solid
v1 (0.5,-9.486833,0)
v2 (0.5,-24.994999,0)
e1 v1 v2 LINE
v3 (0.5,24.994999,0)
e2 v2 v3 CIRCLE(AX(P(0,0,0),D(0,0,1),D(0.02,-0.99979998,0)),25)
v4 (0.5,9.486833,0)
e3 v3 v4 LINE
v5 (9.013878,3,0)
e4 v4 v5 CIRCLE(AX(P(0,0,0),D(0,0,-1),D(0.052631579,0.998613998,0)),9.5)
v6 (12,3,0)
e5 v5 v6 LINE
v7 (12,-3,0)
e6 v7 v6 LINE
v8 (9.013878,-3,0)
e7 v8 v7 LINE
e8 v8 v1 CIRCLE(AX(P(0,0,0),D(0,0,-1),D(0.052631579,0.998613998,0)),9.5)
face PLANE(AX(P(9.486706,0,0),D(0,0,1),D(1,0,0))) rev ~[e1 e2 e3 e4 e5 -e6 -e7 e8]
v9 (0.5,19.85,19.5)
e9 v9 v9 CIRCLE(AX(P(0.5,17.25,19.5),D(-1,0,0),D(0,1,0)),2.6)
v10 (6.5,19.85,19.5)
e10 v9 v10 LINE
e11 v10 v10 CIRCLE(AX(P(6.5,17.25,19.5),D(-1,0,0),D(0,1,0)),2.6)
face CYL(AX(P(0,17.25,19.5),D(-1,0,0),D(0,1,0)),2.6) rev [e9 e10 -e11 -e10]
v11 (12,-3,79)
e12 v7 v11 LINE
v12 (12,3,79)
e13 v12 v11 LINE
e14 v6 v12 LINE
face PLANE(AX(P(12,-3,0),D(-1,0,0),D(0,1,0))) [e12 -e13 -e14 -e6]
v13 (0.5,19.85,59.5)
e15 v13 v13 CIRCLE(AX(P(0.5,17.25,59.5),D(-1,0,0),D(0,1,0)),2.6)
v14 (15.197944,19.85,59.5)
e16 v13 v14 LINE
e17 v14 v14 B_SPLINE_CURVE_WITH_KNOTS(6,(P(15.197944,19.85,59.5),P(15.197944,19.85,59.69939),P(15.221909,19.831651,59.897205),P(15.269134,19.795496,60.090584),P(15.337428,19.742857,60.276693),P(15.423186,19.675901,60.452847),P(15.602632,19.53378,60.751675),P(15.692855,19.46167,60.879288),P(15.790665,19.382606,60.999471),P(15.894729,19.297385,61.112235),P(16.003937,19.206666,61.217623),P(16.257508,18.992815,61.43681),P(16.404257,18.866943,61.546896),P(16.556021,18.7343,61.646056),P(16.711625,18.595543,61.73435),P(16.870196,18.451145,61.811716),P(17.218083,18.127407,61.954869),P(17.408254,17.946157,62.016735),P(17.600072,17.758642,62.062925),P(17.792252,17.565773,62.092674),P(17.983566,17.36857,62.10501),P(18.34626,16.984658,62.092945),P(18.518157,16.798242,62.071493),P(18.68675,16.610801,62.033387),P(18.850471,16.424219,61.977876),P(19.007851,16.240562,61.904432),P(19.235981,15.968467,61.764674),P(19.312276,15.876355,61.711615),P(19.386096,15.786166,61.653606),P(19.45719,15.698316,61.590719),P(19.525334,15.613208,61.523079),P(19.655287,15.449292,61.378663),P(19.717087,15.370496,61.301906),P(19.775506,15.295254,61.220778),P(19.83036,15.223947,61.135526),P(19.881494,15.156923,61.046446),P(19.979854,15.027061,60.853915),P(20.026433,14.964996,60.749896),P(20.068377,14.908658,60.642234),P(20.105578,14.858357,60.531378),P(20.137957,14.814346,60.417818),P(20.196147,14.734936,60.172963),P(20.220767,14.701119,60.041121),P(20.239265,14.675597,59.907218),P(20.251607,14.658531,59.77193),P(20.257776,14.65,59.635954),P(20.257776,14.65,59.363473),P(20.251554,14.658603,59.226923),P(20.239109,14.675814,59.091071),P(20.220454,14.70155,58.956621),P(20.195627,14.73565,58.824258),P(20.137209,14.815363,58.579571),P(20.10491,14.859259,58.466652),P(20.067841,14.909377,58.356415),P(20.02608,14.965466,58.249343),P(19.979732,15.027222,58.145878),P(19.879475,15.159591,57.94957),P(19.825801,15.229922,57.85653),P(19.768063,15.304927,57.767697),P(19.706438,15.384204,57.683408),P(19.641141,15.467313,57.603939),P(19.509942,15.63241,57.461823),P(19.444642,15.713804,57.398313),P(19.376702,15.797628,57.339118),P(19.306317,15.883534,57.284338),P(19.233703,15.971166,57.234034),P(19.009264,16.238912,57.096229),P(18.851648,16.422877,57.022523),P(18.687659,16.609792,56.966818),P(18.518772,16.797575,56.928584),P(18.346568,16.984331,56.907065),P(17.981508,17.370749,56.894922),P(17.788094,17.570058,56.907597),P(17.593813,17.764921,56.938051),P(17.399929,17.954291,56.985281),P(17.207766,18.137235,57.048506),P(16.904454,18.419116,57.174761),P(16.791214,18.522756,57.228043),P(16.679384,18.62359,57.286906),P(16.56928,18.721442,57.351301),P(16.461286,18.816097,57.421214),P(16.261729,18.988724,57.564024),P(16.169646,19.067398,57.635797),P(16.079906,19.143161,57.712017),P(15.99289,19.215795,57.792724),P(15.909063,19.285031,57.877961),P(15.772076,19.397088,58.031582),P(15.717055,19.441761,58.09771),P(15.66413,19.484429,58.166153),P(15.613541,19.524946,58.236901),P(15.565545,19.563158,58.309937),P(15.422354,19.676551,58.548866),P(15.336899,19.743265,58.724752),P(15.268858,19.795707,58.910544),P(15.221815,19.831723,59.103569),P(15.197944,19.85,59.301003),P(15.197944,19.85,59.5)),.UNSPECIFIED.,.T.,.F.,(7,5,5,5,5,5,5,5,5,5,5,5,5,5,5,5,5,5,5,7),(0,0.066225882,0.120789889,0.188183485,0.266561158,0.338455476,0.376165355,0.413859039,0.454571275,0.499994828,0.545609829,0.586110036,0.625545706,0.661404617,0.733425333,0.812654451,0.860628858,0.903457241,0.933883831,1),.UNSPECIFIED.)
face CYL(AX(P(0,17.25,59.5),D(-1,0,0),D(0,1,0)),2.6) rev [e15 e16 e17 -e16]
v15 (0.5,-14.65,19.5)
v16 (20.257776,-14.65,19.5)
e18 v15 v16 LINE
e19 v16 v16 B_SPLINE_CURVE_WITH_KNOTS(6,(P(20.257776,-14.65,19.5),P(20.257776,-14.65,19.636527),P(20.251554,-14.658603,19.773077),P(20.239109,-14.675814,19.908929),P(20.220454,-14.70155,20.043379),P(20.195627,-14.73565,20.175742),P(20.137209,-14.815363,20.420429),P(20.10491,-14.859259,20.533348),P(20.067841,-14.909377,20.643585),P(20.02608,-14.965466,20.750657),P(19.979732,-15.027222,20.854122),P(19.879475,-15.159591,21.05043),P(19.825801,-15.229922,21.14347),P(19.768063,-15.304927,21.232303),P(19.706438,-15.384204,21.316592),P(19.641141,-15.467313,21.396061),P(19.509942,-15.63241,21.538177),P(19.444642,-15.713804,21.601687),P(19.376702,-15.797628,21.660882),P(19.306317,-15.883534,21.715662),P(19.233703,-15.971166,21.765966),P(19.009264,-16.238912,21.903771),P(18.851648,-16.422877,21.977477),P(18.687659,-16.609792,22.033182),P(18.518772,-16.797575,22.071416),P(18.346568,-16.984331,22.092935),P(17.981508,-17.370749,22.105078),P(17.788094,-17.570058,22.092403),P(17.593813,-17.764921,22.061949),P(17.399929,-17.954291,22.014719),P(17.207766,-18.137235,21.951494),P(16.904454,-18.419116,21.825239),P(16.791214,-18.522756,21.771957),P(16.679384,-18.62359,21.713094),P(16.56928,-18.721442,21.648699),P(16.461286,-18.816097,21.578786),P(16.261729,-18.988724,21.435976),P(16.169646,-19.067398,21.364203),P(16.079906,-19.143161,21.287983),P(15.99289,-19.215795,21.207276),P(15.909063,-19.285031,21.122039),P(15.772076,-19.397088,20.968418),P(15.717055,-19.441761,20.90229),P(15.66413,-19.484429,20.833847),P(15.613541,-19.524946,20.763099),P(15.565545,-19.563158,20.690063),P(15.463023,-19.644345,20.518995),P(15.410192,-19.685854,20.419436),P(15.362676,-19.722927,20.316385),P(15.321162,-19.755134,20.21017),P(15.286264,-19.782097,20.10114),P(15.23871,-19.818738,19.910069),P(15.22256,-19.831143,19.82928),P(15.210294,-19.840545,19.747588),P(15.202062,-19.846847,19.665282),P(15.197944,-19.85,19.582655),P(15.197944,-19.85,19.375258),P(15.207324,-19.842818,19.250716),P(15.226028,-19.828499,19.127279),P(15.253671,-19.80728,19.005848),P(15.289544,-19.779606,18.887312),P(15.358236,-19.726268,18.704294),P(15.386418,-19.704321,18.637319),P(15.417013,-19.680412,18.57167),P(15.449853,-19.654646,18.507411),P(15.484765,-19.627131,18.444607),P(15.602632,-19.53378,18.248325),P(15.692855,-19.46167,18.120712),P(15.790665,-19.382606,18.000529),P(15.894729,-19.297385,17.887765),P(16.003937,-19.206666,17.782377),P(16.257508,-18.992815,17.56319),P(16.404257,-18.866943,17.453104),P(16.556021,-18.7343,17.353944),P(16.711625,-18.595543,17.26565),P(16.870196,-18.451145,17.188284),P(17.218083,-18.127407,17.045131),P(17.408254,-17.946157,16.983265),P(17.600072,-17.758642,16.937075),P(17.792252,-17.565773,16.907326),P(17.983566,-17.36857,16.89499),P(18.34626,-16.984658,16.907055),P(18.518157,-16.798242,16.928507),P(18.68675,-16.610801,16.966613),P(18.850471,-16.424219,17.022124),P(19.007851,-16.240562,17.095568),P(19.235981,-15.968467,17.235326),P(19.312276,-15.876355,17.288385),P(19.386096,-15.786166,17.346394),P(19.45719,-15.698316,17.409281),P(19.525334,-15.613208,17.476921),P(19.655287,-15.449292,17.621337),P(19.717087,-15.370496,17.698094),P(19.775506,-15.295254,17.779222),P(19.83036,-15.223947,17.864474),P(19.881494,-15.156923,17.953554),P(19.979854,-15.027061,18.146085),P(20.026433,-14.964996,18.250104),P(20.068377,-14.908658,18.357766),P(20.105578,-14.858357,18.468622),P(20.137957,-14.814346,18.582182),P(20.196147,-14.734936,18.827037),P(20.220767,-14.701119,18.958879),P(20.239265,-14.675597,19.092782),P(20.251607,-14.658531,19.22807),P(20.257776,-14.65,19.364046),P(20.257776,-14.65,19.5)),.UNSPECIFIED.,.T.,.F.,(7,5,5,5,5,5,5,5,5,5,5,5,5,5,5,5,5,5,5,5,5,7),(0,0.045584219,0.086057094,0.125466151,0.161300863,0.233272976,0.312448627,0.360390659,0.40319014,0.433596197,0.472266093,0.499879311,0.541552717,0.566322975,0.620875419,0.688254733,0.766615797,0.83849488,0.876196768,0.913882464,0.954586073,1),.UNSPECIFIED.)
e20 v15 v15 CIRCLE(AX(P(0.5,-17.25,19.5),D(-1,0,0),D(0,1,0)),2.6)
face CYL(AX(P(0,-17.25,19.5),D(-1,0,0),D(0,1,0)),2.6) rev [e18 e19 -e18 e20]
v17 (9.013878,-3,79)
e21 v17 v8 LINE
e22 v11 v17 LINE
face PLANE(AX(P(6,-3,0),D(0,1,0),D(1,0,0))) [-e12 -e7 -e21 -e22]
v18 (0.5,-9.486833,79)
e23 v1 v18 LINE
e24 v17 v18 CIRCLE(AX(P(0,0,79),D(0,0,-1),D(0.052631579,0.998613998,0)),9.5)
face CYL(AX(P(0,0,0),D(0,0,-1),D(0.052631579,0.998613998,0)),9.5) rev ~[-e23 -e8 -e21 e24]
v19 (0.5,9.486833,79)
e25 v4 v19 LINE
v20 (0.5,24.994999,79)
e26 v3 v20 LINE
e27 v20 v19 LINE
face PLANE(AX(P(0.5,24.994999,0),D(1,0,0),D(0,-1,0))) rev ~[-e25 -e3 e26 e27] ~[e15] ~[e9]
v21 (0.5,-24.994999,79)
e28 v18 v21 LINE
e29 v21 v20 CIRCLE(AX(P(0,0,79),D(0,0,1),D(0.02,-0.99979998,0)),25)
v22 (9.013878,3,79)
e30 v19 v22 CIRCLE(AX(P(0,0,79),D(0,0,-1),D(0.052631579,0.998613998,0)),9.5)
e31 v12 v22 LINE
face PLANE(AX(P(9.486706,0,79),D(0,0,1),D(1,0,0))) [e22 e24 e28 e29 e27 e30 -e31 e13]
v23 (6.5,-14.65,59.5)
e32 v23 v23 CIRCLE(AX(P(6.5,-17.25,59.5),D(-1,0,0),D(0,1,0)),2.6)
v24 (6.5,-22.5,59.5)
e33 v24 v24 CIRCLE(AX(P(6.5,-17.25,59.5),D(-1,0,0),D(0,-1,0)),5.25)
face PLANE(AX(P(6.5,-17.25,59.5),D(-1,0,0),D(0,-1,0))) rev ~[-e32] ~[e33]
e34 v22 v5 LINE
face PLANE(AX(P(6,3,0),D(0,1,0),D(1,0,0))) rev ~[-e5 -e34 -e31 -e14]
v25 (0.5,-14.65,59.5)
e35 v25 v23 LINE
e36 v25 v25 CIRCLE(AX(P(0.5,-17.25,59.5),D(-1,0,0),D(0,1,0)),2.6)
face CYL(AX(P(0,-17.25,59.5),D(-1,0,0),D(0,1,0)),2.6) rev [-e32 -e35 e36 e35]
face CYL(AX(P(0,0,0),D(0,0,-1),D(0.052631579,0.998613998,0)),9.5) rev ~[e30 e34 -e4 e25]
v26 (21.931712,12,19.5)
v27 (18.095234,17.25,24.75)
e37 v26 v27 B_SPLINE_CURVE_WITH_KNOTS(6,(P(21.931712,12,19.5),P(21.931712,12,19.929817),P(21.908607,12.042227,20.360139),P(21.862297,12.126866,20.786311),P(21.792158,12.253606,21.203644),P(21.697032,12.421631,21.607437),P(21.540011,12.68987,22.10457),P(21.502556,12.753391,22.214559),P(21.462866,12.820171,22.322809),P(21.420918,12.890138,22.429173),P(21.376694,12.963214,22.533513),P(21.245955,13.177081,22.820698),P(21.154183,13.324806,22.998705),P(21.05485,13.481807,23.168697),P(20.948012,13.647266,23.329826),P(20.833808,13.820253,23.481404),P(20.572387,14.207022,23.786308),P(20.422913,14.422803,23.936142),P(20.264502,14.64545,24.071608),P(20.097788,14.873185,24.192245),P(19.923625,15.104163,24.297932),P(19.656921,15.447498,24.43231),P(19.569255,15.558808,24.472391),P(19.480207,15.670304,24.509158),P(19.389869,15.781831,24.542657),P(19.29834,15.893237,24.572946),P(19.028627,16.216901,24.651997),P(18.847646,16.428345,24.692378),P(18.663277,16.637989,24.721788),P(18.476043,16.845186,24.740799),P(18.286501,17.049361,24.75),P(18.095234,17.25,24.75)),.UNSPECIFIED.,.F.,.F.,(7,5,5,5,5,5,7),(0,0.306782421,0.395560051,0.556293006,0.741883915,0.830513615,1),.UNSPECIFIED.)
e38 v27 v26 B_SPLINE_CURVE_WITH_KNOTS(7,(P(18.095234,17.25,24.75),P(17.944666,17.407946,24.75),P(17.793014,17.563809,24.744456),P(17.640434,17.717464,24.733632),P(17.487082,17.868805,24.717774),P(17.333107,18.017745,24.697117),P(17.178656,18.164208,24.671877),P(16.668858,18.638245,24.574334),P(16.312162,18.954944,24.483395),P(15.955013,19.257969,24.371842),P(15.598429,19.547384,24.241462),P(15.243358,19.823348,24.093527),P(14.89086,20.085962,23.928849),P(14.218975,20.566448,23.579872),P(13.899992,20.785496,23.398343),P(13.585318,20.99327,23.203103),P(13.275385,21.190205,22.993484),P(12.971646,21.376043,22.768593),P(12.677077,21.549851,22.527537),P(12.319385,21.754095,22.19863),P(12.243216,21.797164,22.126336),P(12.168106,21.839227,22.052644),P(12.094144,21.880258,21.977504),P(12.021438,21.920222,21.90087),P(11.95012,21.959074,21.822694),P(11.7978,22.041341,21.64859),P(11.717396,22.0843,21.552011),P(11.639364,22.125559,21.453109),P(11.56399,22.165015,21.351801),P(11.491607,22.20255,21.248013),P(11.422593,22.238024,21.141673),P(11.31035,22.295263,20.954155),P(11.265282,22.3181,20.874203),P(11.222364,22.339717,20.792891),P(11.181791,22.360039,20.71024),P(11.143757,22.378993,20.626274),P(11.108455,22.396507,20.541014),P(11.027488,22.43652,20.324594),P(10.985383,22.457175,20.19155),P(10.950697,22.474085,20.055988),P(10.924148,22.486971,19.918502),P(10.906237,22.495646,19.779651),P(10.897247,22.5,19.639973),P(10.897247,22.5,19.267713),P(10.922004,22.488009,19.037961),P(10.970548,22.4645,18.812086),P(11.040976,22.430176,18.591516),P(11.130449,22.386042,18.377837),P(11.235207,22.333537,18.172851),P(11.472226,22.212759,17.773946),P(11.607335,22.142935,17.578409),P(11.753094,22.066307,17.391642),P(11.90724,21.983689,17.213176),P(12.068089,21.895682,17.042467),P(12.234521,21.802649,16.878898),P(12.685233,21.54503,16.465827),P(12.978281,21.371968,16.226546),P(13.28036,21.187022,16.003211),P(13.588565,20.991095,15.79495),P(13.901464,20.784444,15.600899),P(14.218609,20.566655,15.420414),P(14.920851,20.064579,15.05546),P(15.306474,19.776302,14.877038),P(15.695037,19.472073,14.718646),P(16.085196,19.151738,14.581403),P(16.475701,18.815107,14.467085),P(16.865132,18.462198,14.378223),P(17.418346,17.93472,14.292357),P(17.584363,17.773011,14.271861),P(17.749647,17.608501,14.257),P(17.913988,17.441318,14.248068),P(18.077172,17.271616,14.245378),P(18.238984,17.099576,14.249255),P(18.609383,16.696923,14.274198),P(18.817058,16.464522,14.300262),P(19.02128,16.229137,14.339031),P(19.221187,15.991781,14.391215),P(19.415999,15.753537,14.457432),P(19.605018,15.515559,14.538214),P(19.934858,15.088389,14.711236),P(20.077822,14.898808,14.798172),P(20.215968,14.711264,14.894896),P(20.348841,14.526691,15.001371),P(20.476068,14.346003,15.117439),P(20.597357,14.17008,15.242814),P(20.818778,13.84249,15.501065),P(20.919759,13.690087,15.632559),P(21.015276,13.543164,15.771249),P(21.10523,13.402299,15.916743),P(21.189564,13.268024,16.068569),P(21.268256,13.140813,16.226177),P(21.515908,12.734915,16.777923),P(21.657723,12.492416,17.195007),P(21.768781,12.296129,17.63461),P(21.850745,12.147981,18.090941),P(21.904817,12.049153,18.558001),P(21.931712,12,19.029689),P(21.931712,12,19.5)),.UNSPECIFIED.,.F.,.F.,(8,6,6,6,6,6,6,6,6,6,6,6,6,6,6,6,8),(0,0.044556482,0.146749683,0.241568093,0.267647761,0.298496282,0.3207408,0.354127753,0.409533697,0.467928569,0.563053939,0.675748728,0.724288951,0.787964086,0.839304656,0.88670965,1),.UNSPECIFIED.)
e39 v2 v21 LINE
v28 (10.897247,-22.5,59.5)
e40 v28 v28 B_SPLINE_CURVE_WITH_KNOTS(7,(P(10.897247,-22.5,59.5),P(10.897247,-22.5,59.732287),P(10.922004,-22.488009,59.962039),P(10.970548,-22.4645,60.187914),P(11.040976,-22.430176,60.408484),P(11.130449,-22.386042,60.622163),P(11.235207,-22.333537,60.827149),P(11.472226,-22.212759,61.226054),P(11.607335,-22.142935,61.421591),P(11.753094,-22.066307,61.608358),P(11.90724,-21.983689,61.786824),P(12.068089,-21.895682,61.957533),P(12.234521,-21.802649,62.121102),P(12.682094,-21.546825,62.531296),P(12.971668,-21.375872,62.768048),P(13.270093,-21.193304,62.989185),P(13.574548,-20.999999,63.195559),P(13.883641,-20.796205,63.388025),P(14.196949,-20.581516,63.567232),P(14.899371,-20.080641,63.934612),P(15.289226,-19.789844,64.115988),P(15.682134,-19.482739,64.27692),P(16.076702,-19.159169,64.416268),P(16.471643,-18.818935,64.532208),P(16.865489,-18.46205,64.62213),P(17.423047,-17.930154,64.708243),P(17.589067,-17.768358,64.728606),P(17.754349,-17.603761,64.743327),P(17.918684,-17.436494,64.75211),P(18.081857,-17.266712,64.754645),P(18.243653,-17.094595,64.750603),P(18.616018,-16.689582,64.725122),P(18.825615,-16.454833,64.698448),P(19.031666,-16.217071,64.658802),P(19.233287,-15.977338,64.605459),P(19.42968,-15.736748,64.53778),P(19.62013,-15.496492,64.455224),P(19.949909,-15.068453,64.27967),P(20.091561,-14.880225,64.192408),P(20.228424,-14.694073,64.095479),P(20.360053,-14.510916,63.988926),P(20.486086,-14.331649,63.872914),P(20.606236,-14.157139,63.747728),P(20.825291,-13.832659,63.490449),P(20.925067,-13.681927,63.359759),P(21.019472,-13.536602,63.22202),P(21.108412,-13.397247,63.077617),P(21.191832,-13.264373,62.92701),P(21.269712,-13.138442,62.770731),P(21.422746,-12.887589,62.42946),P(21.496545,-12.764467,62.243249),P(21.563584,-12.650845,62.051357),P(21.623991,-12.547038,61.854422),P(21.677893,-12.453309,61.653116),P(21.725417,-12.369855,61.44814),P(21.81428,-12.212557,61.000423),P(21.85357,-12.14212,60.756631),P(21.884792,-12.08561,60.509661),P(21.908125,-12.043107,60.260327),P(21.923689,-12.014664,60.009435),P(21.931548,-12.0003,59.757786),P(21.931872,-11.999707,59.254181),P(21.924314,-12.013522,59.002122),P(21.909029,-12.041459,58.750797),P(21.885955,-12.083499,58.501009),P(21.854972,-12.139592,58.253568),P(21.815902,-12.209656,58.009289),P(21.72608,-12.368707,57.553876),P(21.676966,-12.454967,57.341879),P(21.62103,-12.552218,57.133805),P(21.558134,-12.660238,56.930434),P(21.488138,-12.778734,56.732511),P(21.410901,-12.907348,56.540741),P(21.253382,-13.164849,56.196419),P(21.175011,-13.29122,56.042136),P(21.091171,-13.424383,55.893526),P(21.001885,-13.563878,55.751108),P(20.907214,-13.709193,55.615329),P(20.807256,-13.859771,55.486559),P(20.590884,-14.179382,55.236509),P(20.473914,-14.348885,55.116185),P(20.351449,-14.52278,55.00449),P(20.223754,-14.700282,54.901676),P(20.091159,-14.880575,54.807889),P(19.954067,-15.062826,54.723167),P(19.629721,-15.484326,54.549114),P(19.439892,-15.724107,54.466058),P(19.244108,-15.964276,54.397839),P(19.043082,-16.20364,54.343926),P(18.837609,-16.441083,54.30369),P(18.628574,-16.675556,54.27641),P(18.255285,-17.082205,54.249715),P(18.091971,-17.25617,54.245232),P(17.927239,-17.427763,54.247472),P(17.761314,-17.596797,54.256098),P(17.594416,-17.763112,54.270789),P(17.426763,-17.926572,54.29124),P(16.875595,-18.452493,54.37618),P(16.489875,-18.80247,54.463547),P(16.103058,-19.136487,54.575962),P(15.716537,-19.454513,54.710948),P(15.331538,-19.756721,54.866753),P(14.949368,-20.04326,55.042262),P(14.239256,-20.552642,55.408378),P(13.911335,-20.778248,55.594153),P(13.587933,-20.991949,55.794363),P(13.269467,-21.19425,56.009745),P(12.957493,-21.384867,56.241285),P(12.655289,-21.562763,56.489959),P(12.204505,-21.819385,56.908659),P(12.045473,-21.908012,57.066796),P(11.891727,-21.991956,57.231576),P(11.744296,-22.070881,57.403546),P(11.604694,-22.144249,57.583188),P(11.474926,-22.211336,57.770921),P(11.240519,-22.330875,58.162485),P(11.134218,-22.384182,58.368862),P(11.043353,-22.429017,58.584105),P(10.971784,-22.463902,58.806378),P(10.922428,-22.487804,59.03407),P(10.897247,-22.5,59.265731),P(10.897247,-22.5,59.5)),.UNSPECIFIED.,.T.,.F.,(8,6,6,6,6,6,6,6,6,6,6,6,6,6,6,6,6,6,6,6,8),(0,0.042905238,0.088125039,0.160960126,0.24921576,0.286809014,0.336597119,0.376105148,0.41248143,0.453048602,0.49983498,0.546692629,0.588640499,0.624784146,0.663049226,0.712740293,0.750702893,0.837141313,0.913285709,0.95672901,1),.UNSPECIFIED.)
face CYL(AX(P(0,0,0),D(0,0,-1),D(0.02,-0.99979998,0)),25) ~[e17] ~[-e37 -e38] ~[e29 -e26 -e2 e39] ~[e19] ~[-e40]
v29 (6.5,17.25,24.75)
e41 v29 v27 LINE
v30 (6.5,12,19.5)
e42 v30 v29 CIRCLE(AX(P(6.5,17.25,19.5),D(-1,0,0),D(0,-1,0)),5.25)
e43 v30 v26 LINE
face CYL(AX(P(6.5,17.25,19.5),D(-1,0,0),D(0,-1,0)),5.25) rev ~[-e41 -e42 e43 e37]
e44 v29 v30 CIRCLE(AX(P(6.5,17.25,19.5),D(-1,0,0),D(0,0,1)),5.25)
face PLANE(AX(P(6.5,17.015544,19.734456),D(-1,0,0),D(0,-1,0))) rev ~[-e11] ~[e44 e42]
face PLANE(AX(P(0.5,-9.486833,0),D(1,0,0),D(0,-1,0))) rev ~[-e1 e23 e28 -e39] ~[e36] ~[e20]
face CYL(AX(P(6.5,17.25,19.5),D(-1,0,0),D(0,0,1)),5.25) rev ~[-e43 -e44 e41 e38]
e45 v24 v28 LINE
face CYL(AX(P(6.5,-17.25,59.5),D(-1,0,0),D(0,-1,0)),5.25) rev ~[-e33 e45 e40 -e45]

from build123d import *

# Parameters (mm, degrees)
F1_DEPTH = 79
F2_R     = 2.6
F3_DEPTH = 25.001
F6_DEPTH = 25
F7_W     = 6
F7_H     = 6
F8_DEPTH = 79.0010001


with BuildPart() as f1:
    # F0 (on Top) → F1 (new body)
    with BuildSketch(Plane.XY):
        with BuildLine():
            Line((0.5, -9.4868329805), (0.5, -24.9949994999))
            ThreePointArc((0.5, -24.9949994999), (25, 0), (0.5, 24.9949994999))
            Line((0.5, 24.9949994999), (0.5, 9.4868329805))
            ThreePointArc((0.5, 9.4868329805), (9.5, 0), (0.5, -9.4868329805))
        make_face()
    extrude(amount=F1_DEPTH)

    # F2 (on Right) → F3 (cut, through all)
    with BuildSketch(Plane.YZ):
        with Locations((-17.25, 19.5)):
            Circle(F2_R)
        with Locations((-17.25, 59.5)):
            Circle(F2_R)
        with Locations((17.25, 59.5)):
            Circle(F2_R)
        with Locations((17.25, 19.5)):
            Circle(F2_R)
    extrude(amount=F3_DEPTH, mode=Mode.SUBTRACT)

    # F5 (on offset) → F6 (cut)
    with BuildSketch(Plane(origin=(6.5, 0, 0), x_dir=(0, -1, 0), z_dir=(-1, 0, 0))):
        with BuildLine():
            ThreePointArc((12, 59.5), (17.25, 54.25), (22.5, 59.5))
            ThreePointArc((22.5, 59.5), (17.25, 64.75), (12, 59.5))
        make_face()
        with BuildLine():
            ThreePointArc((-12, 19.5), (-13.5376893988, 23.2123106012), (-17.25, 24.75))
            ThreePointArc((-17.25, 24.75), (-20.9623106012, 15.7876893988), (-12, 19.5))
        make_face()
    extrude(amount=-F6_DEPTH, mode=Mode.SUBTRACT)

    # F7 (on Top) → F8 (cut, through all)
    with BuildSketch(Plane.XY):
        with Locations((9, 0)):
            Rectangle(F7_W, F7_H)
    extrude(amount=F8_DEPTH, mode=Mode.SUBTRACT)


solid = f1.part
